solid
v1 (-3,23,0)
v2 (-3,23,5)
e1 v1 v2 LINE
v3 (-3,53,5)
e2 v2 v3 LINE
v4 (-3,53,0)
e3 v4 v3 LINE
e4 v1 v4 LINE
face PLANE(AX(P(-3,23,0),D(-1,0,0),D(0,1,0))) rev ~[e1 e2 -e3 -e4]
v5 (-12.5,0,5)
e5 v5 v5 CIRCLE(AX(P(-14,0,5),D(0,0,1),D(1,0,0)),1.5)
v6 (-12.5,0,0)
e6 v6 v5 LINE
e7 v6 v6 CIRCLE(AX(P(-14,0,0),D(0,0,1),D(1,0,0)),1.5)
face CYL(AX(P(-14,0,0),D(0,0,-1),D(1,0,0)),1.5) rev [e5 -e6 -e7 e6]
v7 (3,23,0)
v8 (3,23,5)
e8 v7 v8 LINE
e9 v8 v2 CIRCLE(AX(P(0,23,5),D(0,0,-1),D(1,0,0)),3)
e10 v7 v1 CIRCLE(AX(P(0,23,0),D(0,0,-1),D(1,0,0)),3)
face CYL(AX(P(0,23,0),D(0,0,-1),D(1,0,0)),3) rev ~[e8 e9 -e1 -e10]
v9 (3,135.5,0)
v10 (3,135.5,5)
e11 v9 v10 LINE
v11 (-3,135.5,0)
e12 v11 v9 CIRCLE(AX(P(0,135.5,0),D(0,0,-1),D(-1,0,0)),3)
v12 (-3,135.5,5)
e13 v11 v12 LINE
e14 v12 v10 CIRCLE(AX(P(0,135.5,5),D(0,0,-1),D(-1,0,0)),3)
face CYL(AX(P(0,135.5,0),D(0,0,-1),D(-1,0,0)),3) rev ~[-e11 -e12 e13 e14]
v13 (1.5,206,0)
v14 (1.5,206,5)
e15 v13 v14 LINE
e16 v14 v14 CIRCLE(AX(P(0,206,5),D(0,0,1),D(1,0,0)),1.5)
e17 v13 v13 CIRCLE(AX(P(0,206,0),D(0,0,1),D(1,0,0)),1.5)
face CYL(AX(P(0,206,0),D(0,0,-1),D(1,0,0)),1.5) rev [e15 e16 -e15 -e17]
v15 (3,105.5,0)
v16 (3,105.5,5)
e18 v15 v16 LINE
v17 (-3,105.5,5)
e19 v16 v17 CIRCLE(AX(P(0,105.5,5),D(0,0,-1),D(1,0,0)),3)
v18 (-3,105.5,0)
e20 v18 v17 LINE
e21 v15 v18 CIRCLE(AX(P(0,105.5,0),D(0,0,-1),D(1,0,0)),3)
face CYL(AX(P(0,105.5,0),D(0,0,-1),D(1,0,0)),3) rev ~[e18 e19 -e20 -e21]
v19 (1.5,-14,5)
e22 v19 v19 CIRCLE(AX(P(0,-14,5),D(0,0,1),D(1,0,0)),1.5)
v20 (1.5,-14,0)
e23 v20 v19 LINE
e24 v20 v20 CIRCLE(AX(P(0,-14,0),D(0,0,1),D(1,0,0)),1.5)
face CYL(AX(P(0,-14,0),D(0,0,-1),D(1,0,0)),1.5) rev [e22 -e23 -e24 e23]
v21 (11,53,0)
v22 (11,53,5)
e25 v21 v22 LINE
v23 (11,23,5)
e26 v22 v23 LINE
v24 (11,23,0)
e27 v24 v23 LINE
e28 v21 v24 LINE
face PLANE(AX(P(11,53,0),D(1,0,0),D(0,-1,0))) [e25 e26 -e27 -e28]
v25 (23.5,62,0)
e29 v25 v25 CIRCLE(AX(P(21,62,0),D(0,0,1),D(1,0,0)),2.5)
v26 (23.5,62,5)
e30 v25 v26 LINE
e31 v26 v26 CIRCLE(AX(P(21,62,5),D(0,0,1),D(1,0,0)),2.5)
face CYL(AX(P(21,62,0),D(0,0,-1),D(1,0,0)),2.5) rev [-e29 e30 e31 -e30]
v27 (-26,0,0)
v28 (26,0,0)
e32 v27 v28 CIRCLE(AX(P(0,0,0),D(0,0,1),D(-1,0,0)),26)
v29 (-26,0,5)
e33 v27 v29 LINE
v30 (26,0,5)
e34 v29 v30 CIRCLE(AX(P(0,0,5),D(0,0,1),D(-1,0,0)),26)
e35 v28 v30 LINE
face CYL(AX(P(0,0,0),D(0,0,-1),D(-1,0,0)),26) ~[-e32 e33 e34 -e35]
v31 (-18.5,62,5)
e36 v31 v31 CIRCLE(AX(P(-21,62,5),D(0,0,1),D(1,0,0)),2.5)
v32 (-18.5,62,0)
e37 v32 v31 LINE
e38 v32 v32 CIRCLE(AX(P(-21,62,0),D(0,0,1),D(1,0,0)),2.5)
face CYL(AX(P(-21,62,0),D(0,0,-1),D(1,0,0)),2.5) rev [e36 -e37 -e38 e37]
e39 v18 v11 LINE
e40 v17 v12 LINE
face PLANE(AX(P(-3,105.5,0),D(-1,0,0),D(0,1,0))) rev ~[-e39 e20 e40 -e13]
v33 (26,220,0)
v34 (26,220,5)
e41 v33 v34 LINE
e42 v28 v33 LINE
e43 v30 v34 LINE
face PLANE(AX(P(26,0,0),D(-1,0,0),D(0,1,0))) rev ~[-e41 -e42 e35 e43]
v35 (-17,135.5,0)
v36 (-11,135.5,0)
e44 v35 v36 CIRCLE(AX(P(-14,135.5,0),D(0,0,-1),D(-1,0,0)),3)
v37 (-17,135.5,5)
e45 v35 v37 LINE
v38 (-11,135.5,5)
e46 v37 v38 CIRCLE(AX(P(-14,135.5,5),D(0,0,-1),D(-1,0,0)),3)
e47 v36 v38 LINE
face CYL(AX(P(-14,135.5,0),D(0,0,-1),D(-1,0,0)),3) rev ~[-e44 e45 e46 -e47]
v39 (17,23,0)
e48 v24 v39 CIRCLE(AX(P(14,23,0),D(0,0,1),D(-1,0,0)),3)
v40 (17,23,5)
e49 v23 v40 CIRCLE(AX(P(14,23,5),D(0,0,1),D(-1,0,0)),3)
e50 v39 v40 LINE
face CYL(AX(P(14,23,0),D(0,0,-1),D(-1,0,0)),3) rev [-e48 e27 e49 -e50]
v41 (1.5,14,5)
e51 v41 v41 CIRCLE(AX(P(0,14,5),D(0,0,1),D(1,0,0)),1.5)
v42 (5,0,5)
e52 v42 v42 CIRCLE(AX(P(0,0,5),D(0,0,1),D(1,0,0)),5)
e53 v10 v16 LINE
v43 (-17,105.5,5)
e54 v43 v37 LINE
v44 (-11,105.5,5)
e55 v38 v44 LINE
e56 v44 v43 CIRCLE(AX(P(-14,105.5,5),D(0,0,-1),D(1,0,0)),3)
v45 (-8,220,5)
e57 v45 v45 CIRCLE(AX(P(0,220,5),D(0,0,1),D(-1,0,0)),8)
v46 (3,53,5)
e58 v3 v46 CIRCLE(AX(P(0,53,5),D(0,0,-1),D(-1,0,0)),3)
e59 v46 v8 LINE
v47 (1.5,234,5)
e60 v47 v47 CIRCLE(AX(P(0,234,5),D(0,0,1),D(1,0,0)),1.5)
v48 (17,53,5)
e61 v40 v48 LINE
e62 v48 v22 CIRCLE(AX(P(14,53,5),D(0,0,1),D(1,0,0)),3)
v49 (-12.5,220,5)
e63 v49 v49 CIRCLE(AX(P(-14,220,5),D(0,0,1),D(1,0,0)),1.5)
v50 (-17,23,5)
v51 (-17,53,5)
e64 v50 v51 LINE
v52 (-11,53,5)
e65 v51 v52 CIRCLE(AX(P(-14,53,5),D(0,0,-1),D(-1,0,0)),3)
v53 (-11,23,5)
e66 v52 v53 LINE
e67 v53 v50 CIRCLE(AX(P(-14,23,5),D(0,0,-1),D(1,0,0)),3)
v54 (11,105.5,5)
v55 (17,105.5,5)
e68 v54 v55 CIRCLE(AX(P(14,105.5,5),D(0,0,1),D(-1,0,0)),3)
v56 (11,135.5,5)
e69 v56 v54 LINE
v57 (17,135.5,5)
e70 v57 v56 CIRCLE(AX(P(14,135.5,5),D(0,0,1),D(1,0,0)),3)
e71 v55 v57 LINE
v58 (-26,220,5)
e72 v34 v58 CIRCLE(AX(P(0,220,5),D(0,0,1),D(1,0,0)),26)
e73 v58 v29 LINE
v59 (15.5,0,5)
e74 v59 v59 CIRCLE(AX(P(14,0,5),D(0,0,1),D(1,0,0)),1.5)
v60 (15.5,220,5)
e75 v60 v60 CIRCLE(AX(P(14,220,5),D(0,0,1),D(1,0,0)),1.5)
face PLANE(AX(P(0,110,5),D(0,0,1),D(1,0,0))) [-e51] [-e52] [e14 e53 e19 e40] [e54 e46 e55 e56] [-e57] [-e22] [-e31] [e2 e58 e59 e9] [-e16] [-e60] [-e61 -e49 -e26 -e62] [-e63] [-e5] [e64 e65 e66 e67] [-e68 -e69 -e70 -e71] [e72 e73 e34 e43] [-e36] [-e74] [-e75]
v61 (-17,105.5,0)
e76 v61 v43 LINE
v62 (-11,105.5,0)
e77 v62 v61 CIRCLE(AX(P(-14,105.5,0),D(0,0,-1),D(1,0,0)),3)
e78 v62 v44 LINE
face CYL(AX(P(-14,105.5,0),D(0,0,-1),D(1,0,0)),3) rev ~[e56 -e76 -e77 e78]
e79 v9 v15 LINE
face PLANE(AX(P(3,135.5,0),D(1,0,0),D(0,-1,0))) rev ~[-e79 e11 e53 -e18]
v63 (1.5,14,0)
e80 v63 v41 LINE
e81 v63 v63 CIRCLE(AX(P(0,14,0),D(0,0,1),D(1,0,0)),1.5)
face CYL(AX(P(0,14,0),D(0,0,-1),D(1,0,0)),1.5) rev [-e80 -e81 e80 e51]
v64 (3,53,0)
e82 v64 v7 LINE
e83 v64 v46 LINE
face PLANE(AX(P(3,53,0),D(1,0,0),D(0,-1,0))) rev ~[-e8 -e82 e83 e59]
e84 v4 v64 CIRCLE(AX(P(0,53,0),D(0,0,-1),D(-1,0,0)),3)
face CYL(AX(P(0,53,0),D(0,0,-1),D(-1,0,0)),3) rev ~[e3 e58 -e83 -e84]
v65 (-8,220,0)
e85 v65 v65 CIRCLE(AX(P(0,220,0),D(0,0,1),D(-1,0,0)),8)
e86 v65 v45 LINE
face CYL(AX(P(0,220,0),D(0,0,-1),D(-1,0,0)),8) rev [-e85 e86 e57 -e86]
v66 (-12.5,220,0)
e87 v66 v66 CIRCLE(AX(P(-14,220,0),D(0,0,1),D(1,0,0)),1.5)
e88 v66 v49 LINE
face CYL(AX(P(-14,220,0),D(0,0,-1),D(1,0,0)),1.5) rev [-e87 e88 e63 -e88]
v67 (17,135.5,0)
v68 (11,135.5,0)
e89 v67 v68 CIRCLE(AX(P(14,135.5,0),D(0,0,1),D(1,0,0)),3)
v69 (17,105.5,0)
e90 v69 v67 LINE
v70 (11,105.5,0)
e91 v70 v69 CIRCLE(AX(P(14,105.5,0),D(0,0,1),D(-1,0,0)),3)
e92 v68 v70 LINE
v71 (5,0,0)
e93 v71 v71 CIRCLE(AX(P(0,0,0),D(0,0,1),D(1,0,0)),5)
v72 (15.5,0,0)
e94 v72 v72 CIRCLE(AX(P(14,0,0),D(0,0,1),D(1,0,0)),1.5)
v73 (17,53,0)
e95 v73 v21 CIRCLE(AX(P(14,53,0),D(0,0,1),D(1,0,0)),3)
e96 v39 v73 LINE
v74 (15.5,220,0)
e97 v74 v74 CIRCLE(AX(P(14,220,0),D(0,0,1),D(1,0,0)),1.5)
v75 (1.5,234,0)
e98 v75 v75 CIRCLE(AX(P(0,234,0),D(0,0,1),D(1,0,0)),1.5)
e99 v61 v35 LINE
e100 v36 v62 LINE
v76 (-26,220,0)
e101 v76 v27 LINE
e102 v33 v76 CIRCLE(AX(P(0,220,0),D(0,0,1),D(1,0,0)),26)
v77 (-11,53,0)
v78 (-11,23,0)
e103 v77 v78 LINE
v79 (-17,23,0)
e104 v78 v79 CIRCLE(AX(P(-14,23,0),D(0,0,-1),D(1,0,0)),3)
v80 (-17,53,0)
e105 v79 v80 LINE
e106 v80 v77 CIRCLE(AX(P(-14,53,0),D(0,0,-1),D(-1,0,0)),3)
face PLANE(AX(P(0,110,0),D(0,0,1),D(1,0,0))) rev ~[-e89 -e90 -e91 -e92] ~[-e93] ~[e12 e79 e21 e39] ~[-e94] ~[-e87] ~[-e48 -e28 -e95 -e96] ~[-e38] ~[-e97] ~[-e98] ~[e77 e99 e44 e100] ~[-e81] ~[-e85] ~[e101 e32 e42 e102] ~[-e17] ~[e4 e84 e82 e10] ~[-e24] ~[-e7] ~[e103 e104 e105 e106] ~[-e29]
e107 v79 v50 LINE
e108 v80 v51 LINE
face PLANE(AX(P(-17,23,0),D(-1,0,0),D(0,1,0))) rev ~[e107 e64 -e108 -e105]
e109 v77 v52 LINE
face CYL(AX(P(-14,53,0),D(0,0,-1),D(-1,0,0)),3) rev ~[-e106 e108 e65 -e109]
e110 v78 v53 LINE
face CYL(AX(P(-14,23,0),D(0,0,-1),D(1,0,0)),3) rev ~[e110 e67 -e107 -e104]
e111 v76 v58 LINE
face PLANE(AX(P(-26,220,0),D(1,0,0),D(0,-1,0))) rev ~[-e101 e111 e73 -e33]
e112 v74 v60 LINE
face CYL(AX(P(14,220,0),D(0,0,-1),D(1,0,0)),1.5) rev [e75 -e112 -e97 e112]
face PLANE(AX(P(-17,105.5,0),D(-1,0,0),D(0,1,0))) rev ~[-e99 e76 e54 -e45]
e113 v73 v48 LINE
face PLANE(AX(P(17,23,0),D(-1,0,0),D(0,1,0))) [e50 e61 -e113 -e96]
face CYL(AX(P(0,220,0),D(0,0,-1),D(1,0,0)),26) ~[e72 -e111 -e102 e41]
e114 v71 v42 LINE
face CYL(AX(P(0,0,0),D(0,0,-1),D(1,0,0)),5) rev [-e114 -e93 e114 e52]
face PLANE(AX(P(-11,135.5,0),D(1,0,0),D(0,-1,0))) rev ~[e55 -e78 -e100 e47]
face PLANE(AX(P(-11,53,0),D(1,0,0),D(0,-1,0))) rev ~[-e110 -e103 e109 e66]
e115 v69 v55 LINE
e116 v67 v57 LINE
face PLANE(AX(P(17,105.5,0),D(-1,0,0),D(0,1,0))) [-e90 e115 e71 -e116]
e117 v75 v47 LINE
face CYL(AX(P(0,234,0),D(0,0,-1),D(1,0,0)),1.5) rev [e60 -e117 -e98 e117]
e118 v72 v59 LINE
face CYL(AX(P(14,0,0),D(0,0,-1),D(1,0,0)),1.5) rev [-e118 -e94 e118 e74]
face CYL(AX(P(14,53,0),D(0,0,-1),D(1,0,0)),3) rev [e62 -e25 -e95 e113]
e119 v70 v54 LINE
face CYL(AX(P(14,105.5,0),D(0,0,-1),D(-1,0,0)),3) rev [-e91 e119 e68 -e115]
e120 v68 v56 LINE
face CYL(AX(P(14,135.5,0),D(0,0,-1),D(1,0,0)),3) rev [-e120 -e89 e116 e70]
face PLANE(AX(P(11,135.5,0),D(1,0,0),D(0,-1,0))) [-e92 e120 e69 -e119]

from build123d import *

# Parameters (mm, degrees)
SKETCH_1_R      = 5
SKETCH_1_R_2    = 1.5
SKETCH_1_R_3    = 8
SKETCH_1_R_4    = 2.5
EXTRUDE_1_DEPTH = 5


with BuildPart() as part:
    # 草图1 → 凸台-拉伸1 (new body)
    with BuildSketch(Plane.XY):
        with BuildLine():
            Line((-26, 220), (-26, 0))
            ThreePointArc((-26, 0), (0, -26), (26, 0))
            Line((26, 0), (26, 220))
            ThreePointArc((26, 220), (0, 246), (-26, 220))
        make_face()
        Circle(SKETCH_1_R, mode=Mode.SUBTRACT)
        with Locations((0, -14)):
            Circle(SKETCH_1_R_2, mode=Mode.SUBTRACT)
        with Locations(Location((0, 220, 0), (0, 0, 180))):
            Circle(SKETCH_1_R_3, mode=Mode.SUBTRACT)
        with Locations((-14, 0)):
            Circle(SKETCH_1_R_2, mode=Mode.SUBTRACT)
        with Locations((0, 14)):
            Circle(SKETCH_1_R_2, mode=Mode.SUBTRACT)
        with Locations((14, 0)):
            Circle(SKETCH_1_R_2, mode=Mode.SUBTRACT)
        with Locations((-21, 62)):
            Circle(SKETCH_1_R_4, mode=Mode.SUBTRACT)
        with Locations((21, 62)):
            Circle(SKETCH_1_R_4, mode=Mode.SUBTRACT)
        with Locations((0, 234)):
            Circle(SKETCH_1_R_2, mode=Mode.SUBTRACT)
        with Locations((14, 220)):
            Circle(SKETCH_1_R_2, mode=Mode.SUBTRACT)
        with Locations((0, 206)):
            Circle(SKETCH_1_R_2, mode=Mode.SUBTRACT)
        with Locations((-14, 220)):
            Circle(SKETCH_1_R_2, mode=Mode.SUBTRACT)
        with BuildLine():
            Line((-3, 23), (-3, 53))
            ThreePointArc((-3, 53), (0, 56), (3, 53))
            Line((3, 53), (3, 23))
            ThreePointArc((3, 23), (0, 20), (-3, 23))
        make_face(mode=Mode.SUBTRACT)
        with BuildLine():
            Line((-17, 23), (-17, 53))
            ThreePointArc((-17, 53), (-14, 56), (-11, 53))
            Line((-11, 53), (-11, 23))
            ThreePointArc((-11, 23), (-14, 20), (-17, 23))
        make_face(mode=Mode.SUBTRACT)
        with BuildLine():
            Line((17, 23), (17, 53))
            ThreePointArc((17, 53), (14, 56), (11, 53))
            Line((11, 53), (11, 23))
            ThreePointArc((11, 23), (14, 20), (17, 23))
        make_face(mode=Mode.SUBTRACT)
        with BuildLine():
            Line((-3, 105.5), (-3, 135.5))
            ThreePointArc((-3, 135.5), (0, 138.5), (3, 135.5))
            Line((3, 135.5), (3, 105.5))
            ThreePointArc((3, 105.5), (0, 102.5), (-3, 105.5))
        make_face(mode=Mode.SUBTRACT)
        with BuildLine():
            Line((-17, 105.5), (-17, 135.5))
            ThreePointArc((-17, 135.5), (-14, 138.5), (-11, 135.5))
            Line((-11, 135.5), (-11, 105.5))
            ThreePointArc((-11, 105.5), (-14, 102.5), (-17, 105.5))
        make_face(mode=Mode.SUBTRACT)
        with BuildLine():
            Line((17, 105.5), (17, 135.5))
            ThreePointArc((17, 135.5), (14, 138.5), (11, 135.5))
            Line((11, 135.5), (11, 105.5))
            ThreePointArc((11, 105.5), (14, 102.5), (17, 105.5))
        make_face(mode=Mode.SUBTRACT)
    extrude(amount=EXTRUDE_1_DEPTH)


solid = part.part
